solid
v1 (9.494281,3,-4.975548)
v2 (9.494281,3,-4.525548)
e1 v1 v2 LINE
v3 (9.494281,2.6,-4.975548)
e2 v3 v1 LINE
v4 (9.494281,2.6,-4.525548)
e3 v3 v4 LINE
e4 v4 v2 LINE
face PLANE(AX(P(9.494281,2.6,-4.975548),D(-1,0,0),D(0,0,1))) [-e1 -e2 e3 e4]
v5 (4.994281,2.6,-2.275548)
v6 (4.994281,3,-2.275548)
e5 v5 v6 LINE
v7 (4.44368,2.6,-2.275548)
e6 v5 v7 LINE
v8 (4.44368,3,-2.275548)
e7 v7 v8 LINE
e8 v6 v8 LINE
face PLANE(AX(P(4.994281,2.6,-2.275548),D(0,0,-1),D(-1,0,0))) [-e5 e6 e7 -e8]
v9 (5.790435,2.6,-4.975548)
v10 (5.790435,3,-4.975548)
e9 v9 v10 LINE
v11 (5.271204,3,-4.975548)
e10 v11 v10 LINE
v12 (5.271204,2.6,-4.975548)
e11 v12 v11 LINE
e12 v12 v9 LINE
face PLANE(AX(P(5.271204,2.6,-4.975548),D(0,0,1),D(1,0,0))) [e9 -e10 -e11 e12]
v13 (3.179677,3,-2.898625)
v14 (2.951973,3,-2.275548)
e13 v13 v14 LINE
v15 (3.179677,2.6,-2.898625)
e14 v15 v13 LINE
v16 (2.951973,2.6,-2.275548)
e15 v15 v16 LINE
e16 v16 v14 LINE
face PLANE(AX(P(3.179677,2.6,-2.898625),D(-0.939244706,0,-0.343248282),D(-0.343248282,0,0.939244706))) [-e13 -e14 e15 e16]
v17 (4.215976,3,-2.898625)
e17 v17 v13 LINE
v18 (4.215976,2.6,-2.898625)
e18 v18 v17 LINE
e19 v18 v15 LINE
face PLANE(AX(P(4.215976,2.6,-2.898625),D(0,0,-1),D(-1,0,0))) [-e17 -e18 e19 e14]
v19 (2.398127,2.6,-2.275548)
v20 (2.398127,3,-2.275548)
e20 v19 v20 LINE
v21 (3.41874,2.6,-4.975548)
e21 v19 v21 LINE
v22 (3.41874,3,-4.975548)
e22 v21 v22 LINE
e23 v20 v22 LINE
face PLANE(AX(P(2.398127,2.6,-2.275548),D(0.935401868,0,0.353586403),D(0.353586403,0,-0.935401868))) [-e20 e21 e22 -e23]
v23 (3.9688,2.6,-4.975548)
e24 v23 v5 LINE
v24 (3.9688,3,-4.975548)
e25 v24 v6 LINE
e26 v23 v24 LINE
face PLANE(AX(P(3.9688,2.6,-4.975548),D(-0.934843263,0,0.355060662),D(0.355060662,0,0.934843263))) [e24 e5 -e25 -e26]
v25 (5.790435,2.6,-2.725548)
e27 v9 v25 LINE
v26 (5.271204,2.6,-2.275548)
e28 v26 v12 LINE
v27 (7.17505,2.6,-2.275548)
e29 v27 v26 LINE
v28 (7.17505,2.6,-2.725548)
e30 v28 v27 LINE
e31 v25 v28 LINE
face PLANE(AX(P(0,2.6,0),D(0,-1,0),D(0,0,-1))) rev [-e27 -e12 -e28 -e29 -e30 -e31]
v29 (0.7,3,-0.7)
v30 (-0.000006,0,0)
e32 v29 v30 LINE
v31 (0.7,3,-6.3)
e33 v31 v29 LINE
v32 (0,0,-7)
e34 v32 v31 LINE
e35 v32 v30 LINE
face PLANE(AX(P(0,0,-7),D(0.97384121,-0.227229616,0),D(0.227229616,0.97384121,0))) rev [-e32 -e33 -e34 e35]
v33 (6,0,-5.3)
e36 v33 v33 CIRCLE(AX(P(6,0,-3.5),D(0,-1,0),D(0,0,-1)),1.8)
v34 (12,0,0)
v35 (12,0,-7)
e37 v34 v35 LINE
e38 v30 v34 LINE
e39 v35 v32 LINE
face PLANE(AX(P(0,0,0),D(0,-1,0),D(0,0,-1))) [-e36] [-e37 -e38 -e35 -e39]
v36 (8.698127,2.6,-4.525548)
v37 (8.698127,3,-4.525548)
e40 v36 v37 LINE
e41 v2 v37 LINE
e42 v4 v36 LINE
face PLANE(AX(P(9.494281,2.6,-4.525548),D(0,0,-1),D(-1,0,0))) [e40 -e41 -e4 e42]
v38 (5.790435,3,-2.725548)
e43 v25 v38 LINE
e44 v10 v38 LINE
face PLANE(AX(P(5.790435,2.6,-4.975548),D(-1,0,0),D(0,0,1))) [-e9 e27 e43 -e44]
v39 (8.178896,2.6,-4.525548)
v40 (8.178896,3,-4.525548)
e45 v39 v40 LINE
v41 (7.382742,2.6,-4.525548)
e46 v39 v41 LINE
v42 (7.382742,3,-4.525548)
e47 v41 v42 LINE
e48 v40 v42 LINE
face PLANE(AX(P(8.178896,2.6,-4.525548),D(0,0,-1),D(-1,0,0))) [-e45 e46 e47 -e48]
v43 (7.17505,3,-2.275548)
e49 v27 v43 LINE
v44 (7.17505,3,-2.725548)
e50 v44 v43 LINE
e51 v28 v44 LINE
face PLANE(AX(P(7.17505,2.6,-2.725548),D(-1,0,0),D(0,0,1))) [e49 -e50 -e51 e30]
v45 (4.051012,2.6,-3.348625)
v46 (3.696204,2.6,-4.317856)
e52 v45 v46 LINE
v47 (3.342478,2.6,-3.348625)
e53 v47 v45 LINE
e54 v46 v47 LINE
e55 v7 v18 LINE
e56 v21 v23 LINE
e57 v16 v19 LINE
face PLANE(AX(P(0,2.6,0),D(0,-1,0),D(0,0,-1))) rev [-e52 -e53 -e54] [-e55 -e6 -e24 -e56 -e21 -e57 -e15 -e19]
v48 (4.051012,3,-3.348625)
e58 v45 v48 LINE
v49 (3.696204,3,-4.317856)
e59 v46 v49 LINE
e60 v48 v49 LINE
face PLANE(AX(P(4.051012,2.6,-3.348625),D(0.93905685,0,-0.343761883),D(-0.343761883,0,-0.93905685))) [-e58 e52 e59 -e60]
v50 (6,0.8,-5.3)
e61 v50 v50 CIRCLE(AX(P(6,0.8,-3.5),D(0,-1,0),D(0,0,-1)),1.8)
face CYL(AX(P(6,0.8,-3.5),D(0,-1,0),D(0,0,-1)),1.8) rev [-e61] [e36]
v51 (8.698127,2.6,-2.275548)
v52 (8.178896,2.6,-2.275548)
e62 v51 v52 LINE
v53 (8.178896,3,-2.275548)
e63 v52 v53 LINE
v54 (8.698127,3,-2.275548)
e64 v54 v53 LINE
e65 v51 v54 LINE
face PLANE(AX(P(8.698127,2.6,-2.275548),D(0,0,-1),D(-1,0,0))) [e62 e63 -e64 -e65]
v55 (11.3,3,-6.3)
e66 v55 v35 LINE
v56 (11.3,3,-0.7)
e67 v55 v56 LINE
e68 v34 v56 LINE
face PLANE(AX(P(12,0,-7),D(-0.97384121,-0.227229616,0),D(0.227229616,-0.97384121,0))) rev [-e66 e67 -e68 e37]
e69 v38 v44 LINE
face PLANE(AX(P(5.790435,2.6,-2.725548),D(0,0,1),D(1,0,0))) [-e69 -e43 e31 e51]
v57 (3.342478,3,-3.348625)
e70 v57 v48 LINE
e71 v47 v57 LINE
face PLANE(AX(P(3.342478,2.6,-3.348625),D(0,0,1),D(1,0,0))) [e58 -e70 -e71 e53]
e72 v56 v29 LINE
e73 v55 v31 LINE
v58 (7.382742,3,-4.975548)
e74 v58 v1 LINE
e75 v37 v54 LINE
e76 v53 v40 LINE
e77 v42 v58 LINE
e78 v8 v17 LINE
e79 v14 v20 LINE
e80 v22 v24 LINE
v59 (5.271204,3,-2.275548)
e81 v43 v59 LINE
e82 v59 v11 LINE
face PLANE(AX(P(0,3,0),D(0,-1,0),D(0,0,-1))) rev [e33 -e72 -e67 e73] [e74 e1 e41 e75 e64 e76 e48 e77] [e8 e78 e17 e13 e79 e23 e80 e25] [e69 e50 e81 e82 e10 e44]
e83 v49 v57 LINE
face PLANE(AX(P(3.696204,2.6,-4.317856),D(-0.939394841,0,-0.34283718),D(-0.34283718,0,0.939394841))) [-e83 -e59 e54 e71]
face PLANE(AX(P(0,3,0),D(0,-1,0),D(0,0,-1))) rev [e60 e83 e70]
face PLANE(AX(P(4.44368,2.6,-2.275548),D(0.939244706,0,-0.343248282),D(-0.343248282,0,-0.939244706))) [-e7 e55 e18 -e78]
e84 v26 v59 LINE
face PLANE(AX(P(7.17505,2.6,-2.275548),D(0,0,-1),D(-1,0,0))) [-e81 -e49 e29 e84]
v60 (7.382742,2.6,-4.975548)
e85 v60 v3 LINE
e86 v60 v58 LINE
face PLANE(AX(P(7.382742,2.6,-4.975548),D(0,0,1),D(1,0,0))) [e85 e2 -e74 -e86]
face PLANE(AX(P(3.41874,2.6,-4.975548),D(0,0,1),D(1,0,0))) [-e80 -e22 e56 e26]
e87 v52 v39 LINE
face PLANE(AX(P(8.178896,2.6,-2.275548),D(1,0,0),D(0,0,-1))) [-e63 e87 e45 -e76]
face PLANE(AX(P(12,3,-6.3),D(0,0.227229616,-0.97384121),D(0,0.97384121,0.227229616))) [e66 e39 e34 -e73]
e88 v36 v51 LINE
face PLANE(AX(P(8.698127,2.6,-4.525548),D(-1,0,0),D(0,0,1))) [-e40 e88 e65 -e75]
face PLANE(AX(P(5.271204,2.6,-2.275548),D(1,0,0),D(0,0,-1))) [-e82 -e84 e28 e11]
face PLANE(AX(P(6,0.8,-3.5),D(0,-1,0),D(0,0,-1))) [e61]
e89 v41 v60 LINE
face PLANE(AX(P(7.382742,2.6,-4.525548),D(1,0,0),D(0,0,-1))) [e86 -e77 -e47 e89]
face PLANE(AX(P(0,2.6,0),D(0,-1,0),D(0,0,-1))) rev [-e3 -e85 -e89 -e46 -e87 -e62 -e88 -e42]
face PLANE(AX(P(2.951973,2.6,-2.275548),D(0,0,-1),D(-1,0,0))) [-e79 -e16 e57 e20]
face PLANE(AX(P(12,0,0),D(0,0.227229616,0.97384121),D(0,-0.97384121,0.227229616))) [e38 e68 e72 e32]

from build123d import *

# Parameters (mm, degrees)
SKETCH1_W               = 12
SKETCH1_H               = 7
BOSS_EXTRUDE1_DEPTH     = 3
CUT_EXTRUDE1_DEPTH      = 7
CUT_EXTRUDE2_DEPTH      = 15.212670404
CUT_EXTRUDE2_DEPTH_BACK = 15.212670404
SKETCH4_R               = 1.8
CUT_EXTRUDE3_DEPTH      = 0.8
CUT_EXTRUDE4_DEPTH      = 0.4


with BuildPart() as part:
    # Sketch1 → Boss-Extrude1 (new body)
    with BuildSketch(Plane(origin=(0, 0, 0), x_dir=(1, 0, 0), z_dir=(0, 1, 0))):
        with Locations((6, 3.5)):
            Rectangle(SKETCH1_W, SKETCH1_H)
    extrude(amount=BOSS_EXTRUDE1_DEPTH)

    # Sketch2 → Cut-Extrude1 (cut)
    with BuildSketch(Plane.XY):
        Polygon((0, 0), (0.7, 3), (0, 3), align=None)
        Polygon((12, 0), (11.3, 3), (12, 3), align=None)
    extrude(amount=-CUT_EXTRUDE1_DEPTH, mode=Mode.SUBTRACT)

    # Sketch3 → Cut-Extrude2 (cut, two sides: drawn at the far end of the back side and taken through both)
    with BuildSketch(Plane(origin=(0, 0, 0), x_dir=(0, 0, -1), z_dir=(1, 0, 0)).offset(-CUT_EXTRUDE2_DEPTH_BACK)):
        Polygon((0, 0), (0.7, 3), (0, 3), align=None)
        Polygon((7, 3), (6.3, 3), (7, 0), align=None)
    extrude(amount=CUT_EXTRUDE2_DEPTH + CUT_EXTRUDE2_DEPTH_BACK, mode=Mode.SUBTRACT)

    # Sketch4 → Cut-Extrude3 (cut)
    with BuildSketch(Plane.XZ):
        with Locations(Location((6, -3.5, 0), (0, 0, 270))):
            Circle(SKETCH4_R)
    extrude(amount=-CUT_EXTRUDE3_DEPTH, mode=Mode.SUBTRACT)

    # Sketch5 → Cut-Extrude4 (cut)
    # profile 1 of 3: a face of its own
    with BuildSketch(Plane(origin=(0, 3, 0), x_dir=(1, 0, 0), z_dir=(0, 1, 0))):
        Polygon((4.994280794, 2.275548034), (4.443679833, 2.275548034), (4.215975506, 2.898624958), (3.179677429, 2.898624958), (2.951973102, 2.275548034), (2.398126948, 2.275548034), (3.418739929, 4.975548034), (3.968800025, 4.975548034), align=None)
        Polygon((4.051011564, 3.348624958), (3.696203871, 4.317855727), (3.34247791, 3.348624958), align=None, mode=Mode.SUBTRACT)
    # profile 2 of 3: a face of its own
    with BuildSketch(Plane(origin=(0, 3, 0), x_dir=(1, 0, 0), z_dir=(0, 1, 0))):
        Polygon((5.271203871, 2.275548034), (5.271203871, 4.975548034), (5.79043464, 4.975548034), (5.79043464, 2.725548034), (7.175050025, 2.725548034), (7.175050025, 2.275548034), align=None)
    # profile 3 of 3: a face of its own
    with BuildSketch(Plane(origin=(0, 3, 0), x_dir=(1, 0, 0), z_dir=(0, 1, 0))):
        Polygon((8.178896179, 2.275548034), (8.178896179, 4.525548034), (7.382742333, 4.525548034), (7.382742333, 4.975548034), (9.494280794, 4.975548034), (9.494280794, 4.525548034), (8.698126948, 4.525548034), (8.698126948, 2.275548034), align=None)
    extrude(amount=-CUT_EXTRUDE4_DEPTH, mode=Mode.SUBTRACT)


solid = part.part
